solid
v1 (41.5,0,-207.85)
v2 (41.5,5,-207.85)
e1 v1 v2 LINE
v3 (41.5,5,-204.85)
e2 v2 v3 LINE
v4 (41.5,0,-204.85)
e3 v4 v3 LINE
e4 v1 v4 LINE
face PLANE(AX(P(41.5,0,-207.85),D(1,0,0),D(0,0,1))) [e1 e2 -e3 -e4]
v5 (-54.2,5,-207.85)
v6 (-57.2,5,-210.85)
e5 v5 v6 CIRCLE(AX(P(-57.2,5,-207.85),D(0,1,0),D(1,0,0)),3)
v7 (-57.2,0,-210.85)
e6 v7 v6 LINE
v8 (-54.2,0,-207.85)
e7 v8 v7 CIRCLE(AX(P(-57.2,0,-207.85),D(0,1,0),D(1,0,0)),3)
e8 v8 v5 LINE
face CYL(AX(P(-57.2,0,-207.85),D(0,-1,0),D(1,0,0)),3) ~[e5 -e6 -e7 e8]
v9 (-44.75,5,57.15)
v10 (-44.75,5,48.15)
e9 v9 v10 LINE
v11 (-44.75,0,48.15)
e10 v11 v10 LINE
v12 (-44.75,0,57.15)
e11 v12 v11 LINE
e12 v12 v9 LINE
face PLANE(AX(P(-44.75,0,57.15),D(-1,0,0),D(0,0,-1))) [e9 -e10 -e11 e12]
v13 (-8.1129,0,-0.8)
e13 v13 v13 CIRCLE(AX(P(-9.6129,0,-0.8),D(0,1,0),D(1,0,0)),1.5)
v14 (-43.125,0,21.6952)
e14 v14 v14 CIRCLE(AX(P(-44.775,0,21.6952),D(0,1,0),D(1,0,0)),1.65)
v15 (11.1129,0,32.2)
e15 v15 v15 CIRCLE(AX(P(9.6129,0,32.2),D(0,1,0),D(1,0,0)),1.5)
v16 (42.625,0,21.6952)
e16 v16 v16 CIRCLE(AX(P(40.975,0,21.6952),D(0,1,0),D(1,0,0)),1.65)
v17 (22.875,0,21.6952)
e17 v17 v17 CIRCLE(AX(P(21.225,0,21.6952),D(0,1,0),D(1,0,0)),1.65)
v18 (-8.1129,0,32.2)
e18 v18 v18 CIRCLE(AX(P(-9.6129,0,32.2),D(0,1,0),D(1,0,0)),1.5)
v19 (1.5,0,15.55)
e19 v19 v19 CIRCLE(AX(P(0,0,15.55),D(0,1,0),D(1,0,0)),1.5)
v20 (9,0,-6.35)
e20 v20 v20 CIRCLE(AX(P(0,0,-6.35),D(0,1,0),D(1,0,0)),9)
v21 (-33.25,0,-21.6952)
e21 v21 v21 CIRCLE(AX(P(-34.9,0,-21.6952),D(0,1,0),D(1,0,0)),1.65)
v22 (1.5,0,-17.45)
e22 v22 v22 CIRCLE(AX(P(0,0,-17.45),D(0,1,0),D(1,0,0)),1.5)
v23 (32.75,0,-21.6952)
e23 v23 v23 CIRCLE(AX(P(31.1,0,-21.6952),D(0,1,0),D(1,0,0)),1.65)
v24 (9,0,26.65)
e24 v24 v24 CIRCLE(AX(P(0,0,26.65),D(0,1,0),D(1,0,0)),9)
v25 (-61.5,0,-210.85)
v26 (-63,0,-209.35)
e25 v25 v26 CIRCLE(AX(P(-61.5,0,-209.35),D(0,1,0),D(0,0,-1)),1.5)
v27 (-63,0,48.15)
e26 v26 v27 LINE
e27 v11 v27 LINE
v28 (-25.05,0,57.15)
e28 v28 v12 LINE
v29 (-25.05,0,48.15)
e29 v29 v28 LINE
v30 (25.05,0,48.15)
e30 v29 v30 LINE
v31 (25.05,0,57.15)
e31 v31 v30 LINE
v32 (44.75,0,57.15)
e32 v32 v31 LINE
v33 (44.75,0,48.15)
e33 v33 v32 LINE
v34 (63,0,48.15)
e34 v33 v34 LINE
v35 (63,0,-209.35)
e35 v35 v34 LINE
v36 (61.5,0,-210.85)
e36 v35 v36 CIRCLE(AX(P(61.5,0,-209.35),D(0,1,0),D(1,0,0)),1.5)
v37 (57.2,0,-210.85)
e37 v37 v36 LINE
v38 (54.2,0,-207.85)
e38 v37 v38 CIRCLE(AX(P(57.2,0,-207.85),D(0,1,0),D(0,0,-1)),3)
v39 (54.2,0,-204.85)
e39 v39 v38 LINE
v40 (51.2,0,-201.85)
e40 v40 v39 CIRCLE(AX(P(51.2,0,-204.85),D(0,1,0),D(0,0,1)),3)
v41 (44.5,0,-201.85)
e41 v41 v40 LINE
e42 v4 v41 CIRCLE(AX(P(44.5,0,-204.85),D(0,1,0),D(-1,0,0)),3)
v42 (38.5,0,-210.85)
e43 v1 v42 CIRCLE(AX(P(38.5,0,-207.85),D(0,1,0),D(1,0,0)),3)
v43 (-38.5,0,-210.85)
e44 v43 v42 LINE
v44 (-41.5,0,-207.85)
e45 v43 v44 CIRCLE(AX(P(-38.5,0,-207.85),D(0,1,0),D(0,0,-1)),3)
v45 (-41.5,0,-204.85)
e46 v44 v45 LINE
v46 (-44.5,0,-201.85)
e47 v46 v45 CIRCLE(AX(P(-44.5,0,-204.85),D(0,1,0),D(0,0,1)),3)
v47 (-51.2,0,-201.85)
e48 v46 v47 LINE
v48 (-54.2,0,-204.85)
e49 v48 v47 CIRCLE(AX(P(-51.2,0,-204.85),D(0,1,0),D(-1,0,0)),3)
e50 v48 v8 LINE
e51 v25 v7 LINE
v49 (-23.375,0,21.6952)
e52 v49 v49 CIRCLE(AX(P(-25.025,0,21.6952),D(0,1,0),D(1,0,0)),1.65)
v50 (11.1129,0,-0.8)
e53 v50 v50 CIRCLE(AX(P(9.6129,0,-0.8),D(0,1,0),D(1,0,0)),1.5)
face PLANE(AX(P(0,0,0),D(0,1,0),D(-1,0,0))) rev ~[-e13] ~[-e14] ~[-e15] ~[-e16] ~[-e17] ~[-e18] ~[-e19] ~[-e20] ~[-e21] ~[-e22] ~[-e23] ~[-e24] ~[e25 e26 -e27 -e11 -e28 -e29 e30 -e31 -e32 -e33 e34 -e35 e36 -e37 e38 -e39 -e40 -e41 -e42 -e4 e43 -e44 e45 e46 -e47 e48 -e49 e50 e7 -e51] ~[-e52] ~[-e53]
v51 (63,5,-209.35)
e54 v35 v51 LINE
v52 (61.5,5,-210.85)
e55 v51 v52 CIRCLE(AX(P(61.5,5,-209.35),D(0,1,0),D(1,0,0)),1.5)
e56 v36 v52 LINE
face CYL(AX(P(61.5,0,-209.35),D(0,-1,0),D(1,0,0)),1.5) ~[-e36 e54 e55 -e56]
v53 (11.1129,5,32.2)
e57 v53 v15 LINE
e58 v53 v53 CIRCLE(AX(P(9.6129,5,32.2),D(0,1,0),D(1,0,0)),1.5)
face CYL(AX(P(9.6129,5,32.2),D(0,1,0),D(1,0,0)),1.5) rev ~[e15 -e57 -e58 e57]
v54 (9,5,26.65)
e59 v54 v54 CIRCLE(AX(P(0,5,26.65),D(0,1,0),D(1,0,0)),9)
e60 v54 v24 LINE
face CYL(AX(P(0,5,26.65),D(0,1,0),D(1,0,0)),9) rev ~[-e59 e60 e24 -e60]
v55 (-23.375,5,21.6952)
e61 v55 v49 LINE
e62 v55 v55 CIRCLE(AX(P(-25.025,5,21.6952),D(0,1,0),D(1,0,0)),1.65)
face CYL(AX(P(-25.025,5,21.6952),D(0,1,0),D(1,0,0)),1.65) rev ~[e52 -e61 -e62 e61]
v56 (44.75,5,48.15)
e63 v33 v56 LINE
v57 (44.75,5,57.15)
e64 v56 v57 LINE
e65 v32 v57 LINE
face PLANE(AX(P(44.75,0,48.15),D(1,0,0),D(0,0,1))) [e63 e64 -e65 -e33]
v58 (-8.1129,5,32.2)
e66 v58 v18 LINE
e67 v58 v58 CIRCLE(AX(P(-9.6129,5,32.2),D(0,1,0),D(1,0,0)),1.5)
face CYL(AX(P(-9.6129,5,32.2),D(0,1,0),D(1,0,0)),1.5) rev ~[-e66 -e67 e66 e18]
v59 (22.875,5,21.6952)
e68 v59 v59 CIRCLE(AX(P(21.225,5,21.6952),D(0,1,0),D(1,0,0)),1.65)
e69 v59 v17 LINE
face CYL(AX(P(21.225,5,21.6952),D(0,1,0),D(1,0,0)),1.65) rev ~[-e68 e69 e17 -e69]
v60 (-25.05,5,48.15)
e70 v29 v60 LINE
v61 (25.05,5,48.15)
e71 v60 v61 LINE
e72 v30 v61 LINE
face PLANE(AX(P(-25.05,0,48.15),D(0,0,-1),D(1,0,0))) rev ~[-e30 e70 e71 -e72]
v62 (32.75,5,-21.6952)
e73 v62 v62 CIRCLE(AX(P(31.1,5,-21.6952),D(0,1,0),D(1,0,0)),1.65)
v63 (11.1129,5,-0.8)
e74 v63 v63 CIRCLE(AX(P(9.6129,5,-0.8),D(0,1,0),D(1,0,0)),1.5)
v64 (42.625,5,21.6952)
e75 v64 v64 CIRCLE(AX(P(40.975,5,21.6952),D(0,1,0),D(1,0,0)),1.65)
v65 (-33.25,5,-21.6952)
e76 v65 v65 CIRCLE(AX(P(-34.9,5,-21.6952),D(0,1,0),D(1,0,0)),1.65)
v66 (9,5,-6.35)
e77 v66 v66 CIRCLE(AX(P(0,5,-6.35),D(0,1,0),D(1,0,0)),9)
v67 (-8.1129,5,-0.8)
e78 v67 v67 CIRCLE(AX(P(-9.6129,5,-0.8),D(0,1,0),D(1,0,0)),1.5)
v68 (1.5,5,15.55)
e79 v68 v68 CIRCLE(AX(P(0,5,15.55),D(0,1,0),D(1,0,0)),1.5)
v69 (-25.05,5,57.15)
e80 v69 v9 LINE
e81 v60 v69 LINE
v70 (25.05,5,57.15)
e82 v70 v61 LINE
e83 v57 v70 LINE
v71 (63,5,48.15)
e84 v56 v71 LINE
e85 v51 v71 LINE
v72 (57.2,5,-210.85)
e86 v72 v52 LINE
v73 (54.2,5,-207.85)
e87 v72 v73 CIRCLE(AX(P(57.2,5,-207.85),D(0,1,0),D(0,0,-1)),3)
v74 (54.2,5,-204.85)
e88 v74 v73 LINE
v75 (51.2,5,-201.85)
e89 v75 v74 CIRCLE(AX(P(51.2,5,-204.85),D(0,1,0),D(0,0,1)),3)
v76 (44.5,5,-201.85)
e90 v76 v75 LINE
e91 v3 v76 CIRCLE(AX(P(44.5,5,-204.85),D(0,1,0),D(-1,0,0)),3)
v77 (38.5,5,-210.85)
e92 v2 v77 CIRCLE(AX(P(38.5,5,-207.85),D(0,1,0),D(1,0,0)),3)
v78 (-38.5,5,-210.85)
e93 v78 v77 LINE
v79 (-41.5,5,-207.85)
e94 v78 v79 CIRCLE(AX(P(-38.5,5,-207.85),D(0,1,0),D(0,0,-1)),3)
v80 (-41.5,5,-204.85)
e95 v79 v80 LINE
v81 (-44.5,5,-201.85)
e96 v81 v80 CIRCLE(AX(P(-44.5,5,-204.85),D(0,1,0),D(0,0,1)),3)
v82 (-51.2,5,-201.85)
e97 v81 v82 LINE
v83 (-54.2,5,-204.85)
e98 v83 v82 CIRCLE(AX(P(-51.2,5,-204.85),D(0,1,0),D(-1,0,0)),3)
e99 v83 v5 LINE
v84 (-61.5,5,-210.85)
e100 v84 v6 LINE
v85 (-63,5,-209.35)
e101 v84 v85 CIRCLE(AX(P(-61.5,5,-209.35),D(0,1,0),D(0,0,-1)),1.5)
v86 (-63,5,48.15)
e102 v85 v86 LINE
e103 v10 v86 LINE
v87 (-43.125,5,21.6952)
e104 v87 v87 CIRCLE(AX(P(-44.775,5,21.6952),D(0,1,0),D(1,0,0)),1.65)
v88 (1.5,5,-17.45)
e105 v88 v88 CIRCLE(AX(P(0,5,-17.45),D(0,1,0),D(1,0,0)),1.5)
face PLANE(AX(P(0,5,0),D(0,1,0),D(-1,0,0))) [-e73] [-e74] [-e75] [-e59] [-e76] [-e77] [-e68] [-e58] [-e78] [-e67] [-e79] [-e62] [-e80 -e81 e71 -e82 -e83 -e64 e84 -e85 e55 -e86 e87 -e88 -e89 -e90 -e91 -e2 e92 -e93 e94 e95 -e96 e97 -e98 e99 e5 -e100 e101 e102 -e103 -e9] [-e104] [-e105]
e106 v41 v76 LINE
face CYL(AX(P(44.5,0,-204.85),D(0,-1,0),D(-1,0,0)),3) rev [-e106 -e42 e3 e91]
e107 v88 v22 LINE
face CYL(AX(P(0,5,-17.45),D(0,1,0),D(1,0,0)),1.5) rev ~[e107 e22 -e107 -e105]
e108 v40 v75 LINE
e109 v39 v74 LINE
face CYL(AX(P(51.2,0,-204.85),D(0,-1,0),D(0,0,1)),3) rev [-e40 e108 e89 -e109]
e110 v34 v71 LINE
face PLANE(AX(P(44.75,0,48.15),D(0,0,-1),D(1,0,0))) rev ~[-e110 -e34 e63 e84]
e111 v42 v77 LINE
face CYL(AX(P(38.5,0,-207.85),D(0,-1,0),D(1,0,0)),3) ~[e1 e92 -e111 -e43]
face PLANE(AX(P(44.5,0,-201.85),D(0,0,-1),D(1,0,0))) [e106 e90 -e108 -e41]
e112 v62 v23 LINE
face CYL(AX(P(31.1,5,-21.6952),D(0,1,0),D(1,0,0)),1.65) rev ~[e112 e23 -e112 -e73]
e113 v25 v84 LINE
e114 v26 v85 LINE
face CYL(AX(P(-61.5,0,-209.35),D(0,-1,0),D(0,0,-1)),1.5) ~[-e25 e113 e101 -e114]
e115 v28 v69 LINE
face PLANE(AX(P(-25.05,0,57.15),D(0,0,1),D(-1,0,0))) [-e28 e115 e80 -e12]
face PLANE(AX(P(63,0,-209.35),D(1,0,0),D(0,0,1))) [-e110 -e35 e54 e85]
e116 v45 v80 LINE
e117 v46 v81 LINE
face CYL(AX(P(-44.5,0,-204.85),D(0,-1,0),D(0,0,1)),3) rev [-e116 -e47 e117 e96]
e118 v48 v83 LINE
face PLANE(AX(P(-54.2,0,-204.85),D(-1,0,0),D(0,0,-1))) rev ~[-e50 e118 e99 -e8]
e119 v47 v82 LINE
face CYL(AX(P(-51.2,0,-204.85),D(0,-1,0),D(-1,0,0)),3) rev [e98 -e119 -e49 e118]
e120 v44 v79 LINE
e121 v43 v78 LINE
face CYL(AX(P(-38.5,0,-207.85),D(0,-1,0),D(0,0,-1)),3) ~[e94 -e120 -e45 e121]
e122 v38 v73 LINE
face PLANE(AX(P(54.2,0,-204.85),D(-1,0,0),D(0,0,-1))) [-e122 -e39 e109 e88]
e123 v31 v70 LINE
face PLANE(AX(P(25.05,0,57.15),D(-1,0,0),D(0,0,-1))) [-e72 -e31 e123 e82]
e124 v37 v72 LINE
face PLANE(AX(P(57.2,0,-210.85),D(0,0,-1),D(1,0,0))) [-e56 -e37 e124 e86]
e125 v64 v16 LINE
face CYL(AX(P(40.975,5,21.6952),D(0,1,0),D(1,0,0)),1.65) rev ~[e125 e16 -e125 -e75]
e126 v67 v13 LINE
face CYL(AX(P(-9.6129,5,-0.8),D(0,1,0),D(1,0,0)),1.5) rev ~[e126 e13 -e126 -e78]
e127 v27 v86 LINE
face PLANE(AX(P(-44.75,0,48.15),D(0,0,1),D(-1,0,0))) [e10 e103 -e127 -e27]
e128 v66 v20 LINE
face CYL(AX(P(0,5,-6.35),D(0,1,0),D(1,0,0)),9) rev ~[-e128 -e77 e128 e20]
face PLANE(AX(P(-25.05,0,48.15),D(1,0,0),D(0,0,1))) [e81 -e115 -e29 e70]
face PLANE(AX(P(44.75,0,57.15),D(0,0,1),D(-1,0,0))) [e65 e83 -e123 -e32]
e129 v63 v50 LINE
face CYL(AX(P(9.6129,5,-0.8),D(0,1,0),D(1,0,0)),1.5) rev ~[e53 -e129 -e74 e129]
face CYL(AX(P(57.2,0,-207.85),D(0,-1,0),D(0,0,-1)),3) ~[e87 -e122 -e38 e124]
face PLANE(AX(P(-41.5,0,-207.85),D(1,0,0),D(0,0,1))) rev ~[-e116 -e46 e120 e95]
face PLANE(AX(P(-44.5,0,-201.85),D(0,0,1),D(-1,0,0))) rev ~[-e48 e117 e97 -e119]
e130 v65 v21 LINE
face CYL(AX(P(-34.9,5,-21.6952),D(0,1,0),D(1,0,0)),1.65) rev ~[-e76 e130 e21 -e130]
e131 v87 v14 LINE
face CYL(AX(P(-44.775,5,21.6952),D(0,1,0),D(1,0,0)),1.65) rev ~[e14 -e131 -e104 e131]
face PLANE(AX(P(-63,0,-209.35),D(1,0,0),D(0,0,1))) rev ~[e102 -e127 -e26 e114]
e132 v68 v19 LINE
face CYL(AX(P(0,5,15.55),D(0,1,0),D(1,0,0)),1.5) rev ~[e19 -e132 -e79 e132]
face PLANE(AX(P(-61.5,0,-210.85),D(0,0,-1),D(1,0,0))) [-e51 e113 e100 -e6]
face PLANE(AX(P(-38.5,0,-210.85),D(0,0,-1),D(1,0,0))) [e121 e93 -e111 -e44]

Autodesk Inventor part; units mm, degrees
ref_plane "YZ Plane" through (0, 0, 0) normal (1, 0, 0) x (0, 1, 0)
ref_plane "XZ Plane" through (0, 0, 0) normal (0, 1, 0) x (-1, 0, 0)
ref_plane "XY Plane" through (0, 0, 0) normal (0, 0, 1) x (1, 0, 0)
sketch "Sketch1" plane through (0, 0, 0) normal (0, 1, 0) x (-1, 0, 0)
  line L0 (-41.5, -207.85) -> (-41.5, -204.85)
  line L1 (-44.5, -201.85) -> (-51.2, -201.85)
  line L2 (-54.2, -204.85) -> (-54.2, -207.85)
  line L3 (-57.2, -210.85) -> (-61.5, -210.85)
  arc A0 (-41.5, -207.85) -> (-38.5, -210.85) centre (-38.5, -207.85) ccw
  arc A1 (-41.5, -204.85) -> (-44.5, -201.85) centre (-44.5, -204.85) ccw
  arc A2 (-51.2, -201.85) -> (-54.2, -204.85) centre (-51.2, -204.85) ccw
  arc A3 (-57.2, -210.85) -> (-54.2, -207.85) centre (-57.2, -207.85) ccw
  line L4 (41.5, -207.85) -> (41.5, -204.85)
  line L5 (44.5, -201.85) -> (51.2, -201.85)
  line L6 (54.2, -204.85) -> (54.2, -207.85)
  line L7 (61.5, -210.85) -> (57.2, -210.85)
  line L8 (38.5, -210.85) -> (-38.5, -210.85)
  arc A4 (54.2, -207.85) -> (57.2, -210.85) centre (57.2, -207.85) ccw
  arc A5 (54.2, -204.85) -> (51.2, -201.85) centre (51.2, -204.85) ccw
  arc A6 (44.5, -201.85) -> (41.5, -204.85) centre (44.5, -204.85) ccw
  arc A7 (38.5, -210.85) -> (41.5, -207.85) centre (38.5, -207.85) ccw
  line L9 (44.75, 48.15) -> (25.05, 48.15)
  line L10 (25.05, 48.15) -> (25.05, 57.15)
  line L11 (25.05, 57.15) -> (44.75, 57.15)
  line L12 (44.75, 57.15) -> (44.75, 48.15)
  line L13 (-25.05, 48.15) -> (-44.75, 48.15)
  line L14 (-44.75, 48.15) -> (-44.75, 57.15)
  line L15 (-44.75, 57.15) -> (-25.05, 57.15)
  line L16 (-25.05, 57.15) -> (-25.05, 48.15)
  line L17 (44.75, 48.15) -> (63, 48.15)
  line L18 (25.05, 48.15) -> (-25.05, 48.15)
  line L19 (-44.75, 48.15) -> (-63, 48.15)
  line L20 (63, -209.35) -> (63, 48.15)
  line L21 (-63, -209.35) -> (-63, 48.15)
  arc A8 (61.5, -210.85) -> (63, -209.35) centre (61.5, -209.35) ccw
  arc A9 (-63, -209.35) -> (-61.5, -210.85) centre (-61.5, -209.35) ccw
  point P0 (0, 0)
  point P1 (-47.85, -207.15)
  point P2 (47.85, -207.85)
  point P3 (34.9, 57.15)
  point P4 (-34.9, 57.15)
  point P5 (-59.35, -210.85)
  point P6 (0, -210.85)
  point P7 (59.35, -210.85)
  point P8 (0, 48.15)
  point P9 (-47.85, -201.85)
  point P10 (47.85, -201.85)
  dimension "d3" = 12.7
  dimension "d5" = 3
  dimension "d7" = 12.7
  dimension "d9" = 3
  dimension "d10" = 9
  dimension "d11" = 19.7
  dimension "d13" = 9
  dimension "d14" = 19.7
  dimension "d16" = 1.5
  dimension "d17" = 126
  dimension "d20" = 18.25
  dimension "d21" = 18.25
  dimension "d22" = 57.15
  dimension "d23" = 9
  dimension "d24" = 9
  dimension "d27" = 250
  dimension "d28" = 250
  dimension "d53" = 83
  dimension "d54" = 3.7
extrude "base" add sketch "Sketch1" along normal blind 5
sketch "Sketch2" plane through (0, 5, 0) normal (0, 1, 0) x (1, 0, 0)
  circle A0 centre (0, -26.65) radius 9
  line L0 (-25.05, -48.15) -> (25.05, -48.15) projected
  line L1 (0, -26.65) -> (-33, -26.65) construction
  point P0 (0, 0)
  dimension "d31" = 18
  dimension "d32" = 21.5
  dimension "d52" = 33
extrude "Poke Hole" cut sketch "Sketch2" against normal up to surface (5 mm away)
pattern_linear "Rectangular Pattern1" count 2 spacing 33 along (0, 0, -1) of "Poke Hole"
sketch "Sketch3" plane through (0, 5, 0) normal (0, 1, 0) x (1, 0, 0)
  circle A0 centre (0, 17.45) radius 1.5
  circle A1 centre (0, 6.35) radius 9 projected
  circle A2 centre (-9.6129, 0.8) radius 1.5
  circle A3 centre (9.6129, 0.8) radius 1.5
  point P0 (0, 0)
  point P1 (0, 6.35)
  dimension "d41" = 3
  dimension "d42" = 11.1
  dimension "d45" = 360
extrude "Mount Holes" cut sketch "Sketch3" against normal up to surface (5 mm away) contours A0 | A2 | A3
pattern_linear "Rectangular Pattern2" count 2 spacing 33 along (0, 0, 1) of "Mount Holes"
sketch "Sketch4" plane through (0, 5, 0) normal (0, 1, 0) x (1, 0, 0)
  circle A0 centre (-44.775, -21.6952) radius 1.65
  circle A1 centre (-25.025, -21.6952) radius 1.65
  line L0 (-44.775, -21.6952) -> (-25.025, -21.6952) construction
  circle A2 centre (0, 17.45) radius 1.5 construction
  circle A3 centre (-34.9, 21.6952) radius 1.65
  line L1 (-63, 209.35) -> (-63, -48.15) projected
  line L2 (-25.05, -48.15) -> (25.05, -48.15) construction
  line L3 (-44.75, -48.15) -> (-25.05, -48.15) construction
  line L4 (-44.775, -21.6952) -> (-25.025, -21.6952) construction
  line L5 (-34.9, 21.6952) -> (-34.9, -21.6952) construction
  point P0 (0, 0)
  point P1 (-34.9, -48.15)
  point P2 (-34.9, 0)
  dimension "d55" = 3.3
  dimension "d56" = 3.3
  dimension "d57" = 19.75
  dimension "d58" = 3.3
  dimension "d59" = 44.5
extrude "PCB mount holes" cut sketch "Sketch4" against normal up to surface (5 mm away)
pattern_linear "Rectangular Pattern3" count 2 spacing 66 along (1, 0, 0) of "PCB mount holes"
equation "\"d7\" = d3"
equation "\"d9\" = d5"
equation "\"d10\" = d23"
equation "\"d13\" = d23"
equation "\"d14\" = d11"
equation "\"d21\" = d20"
equation "\"d24\" = d23"
equation "\"d37\" = d52"
equation "\"d40\" = d52"
equation "\"d51\" = d52"
equation "\"d56\" = d55"
equation "\"d58\" = d55"
equation "\"d66\" = 2 * d52"
properties part number "front_wall_2poke" material "PPS Plastic"
